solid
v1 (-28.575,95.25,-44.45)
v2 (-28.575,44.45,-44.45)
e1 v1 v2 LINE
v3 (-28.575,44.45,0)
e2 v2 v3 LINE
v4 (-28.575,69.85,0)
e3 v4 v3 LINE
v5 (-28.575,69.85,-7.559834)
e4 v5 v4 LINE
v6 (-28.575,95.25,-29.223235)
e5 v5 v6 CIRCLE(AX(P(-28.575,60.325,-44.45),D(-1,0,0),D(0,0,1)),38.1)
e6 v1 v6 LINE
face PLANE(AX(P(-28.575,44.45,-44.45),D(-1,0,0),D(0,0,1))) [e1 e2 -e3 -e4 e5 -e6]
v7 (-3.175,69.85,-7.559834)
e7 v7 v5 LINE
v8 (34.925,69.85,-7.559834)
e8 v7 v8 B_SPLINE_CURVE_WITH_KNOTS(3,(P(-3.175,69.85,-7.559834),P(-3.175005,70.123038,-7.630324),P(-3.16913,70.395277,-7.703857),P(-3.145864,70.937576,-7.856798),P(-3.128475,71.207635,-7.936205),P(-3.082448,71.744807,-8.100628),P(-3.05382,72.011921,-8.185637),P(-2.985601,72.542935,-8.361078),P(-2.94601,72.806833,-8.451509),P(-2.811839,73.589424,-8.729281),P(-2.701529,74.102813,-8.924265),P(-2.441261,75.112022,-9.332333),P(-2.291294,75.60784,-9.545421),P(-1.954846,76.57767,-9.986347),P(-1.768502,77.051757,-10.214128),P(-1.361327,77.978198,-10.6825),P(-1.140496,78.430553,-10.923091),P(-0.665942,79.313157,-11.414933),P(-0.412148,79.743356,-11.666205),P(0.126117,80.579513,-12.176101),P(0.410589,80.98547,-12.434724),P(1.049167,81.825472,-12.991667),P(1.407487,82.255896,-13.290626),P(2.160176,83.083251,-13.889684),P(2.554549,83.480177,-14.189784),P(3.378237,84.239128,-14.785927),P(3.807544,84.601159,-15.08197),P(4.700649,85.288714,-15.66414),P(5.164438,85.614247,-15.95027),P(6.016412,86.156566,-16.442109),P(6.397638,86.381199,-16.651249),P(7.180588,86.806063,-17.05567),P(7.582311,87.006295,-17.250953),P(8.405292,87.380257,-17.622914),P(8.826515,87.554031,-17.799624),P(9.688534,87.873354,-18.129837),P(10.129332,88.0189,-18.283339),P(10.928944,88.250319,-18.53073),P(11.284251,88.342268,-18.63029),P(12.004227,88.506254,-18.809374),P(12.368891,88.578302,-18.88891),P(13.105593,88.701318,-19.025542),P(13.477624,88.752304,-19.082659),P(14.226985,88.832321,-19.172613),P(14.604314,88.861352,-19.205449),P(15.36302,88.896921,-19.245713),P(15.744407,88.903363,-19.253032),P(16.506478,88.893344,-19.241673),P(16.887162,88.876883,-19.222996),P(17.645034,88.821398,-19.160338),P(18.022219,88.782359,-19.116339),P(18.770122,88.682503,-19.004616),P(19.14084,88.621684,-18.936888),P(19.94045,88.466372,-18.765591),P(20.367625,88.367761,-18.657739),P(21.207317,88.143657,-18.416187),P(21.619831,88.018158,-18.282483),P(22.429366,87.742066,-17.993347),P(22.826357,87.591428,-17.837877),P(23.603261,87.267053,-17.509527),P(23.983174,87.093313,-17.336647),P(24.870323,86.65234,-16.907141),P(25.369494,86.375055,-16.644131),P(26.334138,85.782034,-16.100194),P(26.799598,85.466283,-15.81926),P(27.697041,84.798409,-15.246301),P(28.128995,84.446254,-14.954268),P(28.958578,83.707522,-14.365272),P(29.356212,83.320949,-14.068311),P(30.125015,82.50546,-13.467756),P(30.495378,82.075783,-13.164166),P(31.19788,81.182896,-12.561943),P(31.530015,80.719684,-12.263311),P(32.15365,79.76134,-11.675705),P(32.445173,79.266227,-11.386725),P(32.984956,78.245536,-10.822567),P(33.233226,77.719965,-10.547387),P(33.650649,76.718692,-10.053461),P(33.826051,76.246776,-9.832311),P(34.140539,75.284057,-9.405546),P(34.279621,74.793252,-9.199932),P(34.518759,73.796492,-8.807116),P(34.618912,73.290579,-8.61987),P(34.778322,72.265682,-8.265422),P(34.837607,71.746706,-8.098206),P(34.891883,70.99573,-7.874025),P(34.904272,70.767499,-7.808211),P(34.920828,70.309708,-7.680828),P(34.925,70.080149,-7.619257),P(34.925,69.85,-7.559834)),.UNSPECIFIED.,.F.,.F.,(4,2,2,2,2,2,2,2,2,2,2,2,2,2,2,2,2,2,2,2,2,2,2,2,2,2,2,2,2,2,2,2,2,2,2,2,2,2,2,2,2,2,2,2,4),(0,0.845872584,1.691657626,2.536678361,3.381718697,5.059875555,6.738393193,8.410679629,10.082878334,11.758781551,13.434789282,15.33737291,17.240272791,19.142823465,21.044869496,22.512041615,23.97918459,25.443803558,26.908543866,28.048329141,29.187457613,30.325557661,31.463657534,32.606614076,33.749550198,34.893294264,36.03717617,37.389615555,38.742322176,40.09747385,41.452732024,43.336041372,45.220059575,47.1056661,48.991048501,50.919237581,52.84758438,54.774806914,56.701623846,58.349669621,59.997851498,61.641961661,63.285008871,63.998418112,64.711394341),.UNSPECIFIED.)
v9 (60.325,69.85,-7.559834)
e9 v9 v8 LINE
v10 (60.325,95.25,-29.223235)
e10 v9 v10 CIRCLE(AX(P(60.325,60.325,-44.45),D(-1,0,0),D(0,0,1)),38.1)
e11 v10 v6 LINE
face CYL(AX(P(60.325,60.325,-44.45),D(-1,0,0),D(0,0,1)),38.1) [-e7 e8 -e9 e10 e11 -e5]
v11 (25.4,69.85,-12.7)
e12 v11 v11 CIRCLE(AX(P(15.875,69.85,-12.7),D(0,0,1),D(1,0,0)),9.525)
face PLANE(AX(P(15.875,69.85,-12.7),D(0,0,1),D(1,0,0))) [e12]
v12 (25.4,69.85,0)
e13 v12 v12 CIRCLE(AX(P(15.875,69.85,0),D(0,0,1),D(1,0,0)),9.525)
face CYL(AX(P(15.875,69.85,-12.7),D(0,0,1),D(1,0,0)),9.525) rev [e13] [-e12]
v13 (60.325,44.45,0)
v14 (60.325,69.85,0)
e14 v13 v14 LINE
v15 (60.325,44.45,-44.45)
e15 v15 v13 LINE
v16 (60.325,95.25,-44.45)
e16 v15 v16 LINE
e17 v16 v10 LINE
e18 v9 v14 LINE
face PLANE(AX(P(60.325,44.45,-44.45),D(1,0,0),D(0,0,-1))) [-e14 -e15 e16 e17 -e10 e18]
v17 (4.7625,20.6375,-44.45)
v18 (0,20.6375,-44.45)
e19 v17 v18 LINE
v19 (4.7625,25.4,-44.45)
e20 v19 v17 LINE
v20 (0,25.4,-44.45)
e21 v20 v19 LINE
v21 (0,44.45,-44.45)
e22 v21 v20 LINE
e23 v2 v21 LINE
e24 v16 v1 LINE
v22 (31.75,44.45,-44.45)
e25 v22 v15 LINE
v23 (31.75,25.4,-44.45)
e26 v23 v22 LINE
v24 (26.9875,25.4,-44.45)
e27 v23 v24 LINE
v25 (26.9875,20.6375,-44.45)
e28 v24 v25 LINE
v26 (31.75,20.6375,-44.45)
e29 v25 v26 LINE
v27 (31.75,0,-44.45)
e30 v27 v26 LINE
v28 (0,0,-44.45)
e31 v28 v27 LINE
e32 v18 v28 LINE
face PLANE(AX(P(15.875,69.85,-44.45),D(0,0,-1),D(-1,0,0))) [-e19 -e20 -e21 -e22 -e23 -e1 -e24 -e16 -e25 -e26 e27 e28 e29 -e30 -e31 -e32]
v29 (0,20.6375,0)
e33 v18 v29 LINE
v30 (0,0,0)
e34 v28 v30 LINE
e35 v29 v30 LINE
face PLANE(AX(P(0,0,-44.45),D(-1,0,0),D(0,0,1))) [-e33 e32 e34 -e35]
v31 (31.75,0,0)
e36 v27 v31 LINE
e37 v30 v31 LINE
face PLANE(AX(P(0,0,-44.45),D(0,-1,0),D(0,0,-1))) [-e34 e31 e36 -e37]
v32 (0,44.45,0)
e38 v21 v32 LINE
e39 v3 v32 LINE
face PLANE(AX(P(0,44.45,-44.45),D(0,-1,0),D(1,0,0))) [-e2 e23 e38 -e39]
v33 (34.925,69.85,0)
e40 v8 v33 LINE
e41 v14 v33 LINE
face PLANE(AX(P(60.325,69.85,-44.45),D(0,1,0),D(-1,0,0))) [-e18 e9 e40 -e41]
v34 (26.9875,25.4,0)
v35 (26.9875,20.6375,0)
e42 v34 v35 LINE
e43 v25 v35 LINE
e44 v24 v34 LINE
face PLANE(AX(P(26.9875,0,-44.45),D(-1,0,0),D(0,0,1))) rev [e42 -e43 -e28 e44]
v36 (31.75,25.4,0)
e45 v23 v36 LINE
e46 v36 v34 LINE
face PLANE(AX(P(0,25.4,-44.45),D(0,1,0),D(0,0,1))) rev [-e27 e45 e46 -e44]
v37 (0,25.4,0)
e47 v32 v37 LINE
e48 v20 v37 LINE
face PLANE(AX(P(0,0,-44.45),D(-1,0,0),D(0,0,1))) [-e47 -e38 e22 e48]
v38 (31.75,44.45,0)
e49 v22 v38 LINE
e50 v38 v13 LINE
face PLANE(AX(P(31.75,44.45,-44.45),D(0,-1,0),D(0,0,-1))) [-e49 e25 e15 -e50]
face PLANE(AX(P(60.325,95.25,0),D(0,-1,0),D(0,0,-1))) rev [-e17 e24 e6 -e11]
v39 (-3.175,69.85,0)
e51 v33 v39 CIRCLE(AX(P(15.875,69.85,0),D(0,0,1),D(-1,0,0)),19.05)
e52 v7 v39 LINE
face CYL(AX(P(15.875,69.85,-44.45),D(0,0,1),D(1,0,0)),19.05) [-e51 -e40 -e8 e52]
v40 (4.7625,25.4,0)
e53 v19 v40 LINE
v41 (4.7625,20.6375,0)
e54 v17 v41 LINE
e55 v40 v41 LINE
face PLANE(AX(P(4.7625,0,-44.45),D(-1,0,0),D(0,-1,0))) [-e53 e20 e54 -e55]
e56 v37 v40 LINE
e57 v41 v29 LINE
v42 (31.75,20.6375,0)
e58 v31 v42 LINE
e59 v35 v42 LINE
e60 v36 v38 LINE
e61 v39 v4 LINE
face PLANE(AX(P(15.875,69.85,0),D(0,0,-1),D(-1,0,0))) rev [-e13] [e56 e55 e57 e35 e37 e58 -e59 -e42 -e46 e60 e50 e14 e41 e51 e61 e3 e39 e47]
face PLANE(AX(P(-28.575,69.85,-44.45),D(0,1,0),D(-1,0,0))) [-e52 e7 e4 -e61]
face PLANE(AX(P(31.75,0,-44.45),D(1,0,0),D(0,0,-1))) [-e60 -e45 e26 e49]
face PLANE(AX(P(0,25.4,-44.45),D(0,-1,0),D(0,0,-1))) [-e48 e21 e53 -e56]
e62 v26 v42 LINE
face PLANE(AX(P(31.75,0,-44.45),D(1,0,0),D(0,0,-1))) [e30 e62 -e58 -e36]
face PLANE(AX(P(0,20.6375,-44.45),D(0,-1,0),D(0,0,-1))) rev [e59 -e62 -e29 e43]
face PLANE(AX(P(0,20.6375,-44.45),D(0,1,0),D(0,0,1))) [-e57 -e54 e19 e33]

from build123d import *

# Parameters (mm, degrees)
BOSS_EXTRUDE1_DEPTH = 44.45
BOSS_EXTRUDE2_DEPTH = 88.9
SKETCH3_R           = 9.525
CUT_EXTRUDE1_DEPTH  = 12.7
SKETCH4_W           = 4.7625
SKETCH4_H           = 4.7625
CUT_EXTRUDE2_DEPTH  = 122.191875372


with BuildPart() as part:
    # Sketch1 → Boss-Extrude1 (new body)
    with BuildSketch(Plane.XY):
        with BuildLine():
            Line((0, 0), (31.75, 0))
            Line((31.75, 0), (31.75, 44.45))
            Line((31.75, 44.45), (60.325, 44.45))
            Line((60.325, 44.45), (60.325, 69.85))
            Line((60.325, 69.85), (34.925, 69.85))
            ThreePointArc((34.925, 69.85), (15.875, 88.9), (-3.175, 69.85))
            Line((-3.175, 69.85), (-28.575, 69.85))
            Line((-28.575, 69.85), (-28.575, 44.45))
            Line((-28.575, 44.45), (0, 44.45))
            Line((0, 44.45), (0, 0))
        make_face()
    extrude(amount=-BOSS_EXTRUDE1_DEPTH)

    # Sketch2 → Boss-Extrude2 (add)
    with BuildSketch(Plane.ZY.offset(28.575)):
        with BuildLine():
            Line((-44.45, 95.25), (-44.45, 69.85))
            Line((-44.45, 69.85), (-7.559833627, 69.85))
            ThreePointArc((-7.559833627, 69.85), (-15.461491308, 85.049003798), (-29.223234913, 95.25))
            Line((-29.223234913, 95.25), (-44.45, 95.25))
        make_face()
    extrude(amount=-BOSS_EXTRUDE2_DEPTH)

    # Sketch3 → Cut-Extrude1 (cut)
    with BuildSketch(Plane.XY):
        with Locations((15.875, 69.85)):
            Circle(SKETCH3_R)
    extrude(amount=-CUT_EXTRUDE1_DEPTH, mode=Mode.SUBTRACT)

    # Sketch4 → Cut-Extrude2 (cut, through all)
    with BuildSketch(Plane.XY):
        with Locations((2.38125, 23.01875)):
            Rectangle(SKETCH4_W, SKETCH4_H)
        with Locations((29.36875, 23.01875)):
            Rectangle(SKETCH4_W, SKETCH4_H)
    extrude(amount=-CUT_EXTRUDE2_DEPTH, mode=Mode.SUBTRACT)


solid = part.part
